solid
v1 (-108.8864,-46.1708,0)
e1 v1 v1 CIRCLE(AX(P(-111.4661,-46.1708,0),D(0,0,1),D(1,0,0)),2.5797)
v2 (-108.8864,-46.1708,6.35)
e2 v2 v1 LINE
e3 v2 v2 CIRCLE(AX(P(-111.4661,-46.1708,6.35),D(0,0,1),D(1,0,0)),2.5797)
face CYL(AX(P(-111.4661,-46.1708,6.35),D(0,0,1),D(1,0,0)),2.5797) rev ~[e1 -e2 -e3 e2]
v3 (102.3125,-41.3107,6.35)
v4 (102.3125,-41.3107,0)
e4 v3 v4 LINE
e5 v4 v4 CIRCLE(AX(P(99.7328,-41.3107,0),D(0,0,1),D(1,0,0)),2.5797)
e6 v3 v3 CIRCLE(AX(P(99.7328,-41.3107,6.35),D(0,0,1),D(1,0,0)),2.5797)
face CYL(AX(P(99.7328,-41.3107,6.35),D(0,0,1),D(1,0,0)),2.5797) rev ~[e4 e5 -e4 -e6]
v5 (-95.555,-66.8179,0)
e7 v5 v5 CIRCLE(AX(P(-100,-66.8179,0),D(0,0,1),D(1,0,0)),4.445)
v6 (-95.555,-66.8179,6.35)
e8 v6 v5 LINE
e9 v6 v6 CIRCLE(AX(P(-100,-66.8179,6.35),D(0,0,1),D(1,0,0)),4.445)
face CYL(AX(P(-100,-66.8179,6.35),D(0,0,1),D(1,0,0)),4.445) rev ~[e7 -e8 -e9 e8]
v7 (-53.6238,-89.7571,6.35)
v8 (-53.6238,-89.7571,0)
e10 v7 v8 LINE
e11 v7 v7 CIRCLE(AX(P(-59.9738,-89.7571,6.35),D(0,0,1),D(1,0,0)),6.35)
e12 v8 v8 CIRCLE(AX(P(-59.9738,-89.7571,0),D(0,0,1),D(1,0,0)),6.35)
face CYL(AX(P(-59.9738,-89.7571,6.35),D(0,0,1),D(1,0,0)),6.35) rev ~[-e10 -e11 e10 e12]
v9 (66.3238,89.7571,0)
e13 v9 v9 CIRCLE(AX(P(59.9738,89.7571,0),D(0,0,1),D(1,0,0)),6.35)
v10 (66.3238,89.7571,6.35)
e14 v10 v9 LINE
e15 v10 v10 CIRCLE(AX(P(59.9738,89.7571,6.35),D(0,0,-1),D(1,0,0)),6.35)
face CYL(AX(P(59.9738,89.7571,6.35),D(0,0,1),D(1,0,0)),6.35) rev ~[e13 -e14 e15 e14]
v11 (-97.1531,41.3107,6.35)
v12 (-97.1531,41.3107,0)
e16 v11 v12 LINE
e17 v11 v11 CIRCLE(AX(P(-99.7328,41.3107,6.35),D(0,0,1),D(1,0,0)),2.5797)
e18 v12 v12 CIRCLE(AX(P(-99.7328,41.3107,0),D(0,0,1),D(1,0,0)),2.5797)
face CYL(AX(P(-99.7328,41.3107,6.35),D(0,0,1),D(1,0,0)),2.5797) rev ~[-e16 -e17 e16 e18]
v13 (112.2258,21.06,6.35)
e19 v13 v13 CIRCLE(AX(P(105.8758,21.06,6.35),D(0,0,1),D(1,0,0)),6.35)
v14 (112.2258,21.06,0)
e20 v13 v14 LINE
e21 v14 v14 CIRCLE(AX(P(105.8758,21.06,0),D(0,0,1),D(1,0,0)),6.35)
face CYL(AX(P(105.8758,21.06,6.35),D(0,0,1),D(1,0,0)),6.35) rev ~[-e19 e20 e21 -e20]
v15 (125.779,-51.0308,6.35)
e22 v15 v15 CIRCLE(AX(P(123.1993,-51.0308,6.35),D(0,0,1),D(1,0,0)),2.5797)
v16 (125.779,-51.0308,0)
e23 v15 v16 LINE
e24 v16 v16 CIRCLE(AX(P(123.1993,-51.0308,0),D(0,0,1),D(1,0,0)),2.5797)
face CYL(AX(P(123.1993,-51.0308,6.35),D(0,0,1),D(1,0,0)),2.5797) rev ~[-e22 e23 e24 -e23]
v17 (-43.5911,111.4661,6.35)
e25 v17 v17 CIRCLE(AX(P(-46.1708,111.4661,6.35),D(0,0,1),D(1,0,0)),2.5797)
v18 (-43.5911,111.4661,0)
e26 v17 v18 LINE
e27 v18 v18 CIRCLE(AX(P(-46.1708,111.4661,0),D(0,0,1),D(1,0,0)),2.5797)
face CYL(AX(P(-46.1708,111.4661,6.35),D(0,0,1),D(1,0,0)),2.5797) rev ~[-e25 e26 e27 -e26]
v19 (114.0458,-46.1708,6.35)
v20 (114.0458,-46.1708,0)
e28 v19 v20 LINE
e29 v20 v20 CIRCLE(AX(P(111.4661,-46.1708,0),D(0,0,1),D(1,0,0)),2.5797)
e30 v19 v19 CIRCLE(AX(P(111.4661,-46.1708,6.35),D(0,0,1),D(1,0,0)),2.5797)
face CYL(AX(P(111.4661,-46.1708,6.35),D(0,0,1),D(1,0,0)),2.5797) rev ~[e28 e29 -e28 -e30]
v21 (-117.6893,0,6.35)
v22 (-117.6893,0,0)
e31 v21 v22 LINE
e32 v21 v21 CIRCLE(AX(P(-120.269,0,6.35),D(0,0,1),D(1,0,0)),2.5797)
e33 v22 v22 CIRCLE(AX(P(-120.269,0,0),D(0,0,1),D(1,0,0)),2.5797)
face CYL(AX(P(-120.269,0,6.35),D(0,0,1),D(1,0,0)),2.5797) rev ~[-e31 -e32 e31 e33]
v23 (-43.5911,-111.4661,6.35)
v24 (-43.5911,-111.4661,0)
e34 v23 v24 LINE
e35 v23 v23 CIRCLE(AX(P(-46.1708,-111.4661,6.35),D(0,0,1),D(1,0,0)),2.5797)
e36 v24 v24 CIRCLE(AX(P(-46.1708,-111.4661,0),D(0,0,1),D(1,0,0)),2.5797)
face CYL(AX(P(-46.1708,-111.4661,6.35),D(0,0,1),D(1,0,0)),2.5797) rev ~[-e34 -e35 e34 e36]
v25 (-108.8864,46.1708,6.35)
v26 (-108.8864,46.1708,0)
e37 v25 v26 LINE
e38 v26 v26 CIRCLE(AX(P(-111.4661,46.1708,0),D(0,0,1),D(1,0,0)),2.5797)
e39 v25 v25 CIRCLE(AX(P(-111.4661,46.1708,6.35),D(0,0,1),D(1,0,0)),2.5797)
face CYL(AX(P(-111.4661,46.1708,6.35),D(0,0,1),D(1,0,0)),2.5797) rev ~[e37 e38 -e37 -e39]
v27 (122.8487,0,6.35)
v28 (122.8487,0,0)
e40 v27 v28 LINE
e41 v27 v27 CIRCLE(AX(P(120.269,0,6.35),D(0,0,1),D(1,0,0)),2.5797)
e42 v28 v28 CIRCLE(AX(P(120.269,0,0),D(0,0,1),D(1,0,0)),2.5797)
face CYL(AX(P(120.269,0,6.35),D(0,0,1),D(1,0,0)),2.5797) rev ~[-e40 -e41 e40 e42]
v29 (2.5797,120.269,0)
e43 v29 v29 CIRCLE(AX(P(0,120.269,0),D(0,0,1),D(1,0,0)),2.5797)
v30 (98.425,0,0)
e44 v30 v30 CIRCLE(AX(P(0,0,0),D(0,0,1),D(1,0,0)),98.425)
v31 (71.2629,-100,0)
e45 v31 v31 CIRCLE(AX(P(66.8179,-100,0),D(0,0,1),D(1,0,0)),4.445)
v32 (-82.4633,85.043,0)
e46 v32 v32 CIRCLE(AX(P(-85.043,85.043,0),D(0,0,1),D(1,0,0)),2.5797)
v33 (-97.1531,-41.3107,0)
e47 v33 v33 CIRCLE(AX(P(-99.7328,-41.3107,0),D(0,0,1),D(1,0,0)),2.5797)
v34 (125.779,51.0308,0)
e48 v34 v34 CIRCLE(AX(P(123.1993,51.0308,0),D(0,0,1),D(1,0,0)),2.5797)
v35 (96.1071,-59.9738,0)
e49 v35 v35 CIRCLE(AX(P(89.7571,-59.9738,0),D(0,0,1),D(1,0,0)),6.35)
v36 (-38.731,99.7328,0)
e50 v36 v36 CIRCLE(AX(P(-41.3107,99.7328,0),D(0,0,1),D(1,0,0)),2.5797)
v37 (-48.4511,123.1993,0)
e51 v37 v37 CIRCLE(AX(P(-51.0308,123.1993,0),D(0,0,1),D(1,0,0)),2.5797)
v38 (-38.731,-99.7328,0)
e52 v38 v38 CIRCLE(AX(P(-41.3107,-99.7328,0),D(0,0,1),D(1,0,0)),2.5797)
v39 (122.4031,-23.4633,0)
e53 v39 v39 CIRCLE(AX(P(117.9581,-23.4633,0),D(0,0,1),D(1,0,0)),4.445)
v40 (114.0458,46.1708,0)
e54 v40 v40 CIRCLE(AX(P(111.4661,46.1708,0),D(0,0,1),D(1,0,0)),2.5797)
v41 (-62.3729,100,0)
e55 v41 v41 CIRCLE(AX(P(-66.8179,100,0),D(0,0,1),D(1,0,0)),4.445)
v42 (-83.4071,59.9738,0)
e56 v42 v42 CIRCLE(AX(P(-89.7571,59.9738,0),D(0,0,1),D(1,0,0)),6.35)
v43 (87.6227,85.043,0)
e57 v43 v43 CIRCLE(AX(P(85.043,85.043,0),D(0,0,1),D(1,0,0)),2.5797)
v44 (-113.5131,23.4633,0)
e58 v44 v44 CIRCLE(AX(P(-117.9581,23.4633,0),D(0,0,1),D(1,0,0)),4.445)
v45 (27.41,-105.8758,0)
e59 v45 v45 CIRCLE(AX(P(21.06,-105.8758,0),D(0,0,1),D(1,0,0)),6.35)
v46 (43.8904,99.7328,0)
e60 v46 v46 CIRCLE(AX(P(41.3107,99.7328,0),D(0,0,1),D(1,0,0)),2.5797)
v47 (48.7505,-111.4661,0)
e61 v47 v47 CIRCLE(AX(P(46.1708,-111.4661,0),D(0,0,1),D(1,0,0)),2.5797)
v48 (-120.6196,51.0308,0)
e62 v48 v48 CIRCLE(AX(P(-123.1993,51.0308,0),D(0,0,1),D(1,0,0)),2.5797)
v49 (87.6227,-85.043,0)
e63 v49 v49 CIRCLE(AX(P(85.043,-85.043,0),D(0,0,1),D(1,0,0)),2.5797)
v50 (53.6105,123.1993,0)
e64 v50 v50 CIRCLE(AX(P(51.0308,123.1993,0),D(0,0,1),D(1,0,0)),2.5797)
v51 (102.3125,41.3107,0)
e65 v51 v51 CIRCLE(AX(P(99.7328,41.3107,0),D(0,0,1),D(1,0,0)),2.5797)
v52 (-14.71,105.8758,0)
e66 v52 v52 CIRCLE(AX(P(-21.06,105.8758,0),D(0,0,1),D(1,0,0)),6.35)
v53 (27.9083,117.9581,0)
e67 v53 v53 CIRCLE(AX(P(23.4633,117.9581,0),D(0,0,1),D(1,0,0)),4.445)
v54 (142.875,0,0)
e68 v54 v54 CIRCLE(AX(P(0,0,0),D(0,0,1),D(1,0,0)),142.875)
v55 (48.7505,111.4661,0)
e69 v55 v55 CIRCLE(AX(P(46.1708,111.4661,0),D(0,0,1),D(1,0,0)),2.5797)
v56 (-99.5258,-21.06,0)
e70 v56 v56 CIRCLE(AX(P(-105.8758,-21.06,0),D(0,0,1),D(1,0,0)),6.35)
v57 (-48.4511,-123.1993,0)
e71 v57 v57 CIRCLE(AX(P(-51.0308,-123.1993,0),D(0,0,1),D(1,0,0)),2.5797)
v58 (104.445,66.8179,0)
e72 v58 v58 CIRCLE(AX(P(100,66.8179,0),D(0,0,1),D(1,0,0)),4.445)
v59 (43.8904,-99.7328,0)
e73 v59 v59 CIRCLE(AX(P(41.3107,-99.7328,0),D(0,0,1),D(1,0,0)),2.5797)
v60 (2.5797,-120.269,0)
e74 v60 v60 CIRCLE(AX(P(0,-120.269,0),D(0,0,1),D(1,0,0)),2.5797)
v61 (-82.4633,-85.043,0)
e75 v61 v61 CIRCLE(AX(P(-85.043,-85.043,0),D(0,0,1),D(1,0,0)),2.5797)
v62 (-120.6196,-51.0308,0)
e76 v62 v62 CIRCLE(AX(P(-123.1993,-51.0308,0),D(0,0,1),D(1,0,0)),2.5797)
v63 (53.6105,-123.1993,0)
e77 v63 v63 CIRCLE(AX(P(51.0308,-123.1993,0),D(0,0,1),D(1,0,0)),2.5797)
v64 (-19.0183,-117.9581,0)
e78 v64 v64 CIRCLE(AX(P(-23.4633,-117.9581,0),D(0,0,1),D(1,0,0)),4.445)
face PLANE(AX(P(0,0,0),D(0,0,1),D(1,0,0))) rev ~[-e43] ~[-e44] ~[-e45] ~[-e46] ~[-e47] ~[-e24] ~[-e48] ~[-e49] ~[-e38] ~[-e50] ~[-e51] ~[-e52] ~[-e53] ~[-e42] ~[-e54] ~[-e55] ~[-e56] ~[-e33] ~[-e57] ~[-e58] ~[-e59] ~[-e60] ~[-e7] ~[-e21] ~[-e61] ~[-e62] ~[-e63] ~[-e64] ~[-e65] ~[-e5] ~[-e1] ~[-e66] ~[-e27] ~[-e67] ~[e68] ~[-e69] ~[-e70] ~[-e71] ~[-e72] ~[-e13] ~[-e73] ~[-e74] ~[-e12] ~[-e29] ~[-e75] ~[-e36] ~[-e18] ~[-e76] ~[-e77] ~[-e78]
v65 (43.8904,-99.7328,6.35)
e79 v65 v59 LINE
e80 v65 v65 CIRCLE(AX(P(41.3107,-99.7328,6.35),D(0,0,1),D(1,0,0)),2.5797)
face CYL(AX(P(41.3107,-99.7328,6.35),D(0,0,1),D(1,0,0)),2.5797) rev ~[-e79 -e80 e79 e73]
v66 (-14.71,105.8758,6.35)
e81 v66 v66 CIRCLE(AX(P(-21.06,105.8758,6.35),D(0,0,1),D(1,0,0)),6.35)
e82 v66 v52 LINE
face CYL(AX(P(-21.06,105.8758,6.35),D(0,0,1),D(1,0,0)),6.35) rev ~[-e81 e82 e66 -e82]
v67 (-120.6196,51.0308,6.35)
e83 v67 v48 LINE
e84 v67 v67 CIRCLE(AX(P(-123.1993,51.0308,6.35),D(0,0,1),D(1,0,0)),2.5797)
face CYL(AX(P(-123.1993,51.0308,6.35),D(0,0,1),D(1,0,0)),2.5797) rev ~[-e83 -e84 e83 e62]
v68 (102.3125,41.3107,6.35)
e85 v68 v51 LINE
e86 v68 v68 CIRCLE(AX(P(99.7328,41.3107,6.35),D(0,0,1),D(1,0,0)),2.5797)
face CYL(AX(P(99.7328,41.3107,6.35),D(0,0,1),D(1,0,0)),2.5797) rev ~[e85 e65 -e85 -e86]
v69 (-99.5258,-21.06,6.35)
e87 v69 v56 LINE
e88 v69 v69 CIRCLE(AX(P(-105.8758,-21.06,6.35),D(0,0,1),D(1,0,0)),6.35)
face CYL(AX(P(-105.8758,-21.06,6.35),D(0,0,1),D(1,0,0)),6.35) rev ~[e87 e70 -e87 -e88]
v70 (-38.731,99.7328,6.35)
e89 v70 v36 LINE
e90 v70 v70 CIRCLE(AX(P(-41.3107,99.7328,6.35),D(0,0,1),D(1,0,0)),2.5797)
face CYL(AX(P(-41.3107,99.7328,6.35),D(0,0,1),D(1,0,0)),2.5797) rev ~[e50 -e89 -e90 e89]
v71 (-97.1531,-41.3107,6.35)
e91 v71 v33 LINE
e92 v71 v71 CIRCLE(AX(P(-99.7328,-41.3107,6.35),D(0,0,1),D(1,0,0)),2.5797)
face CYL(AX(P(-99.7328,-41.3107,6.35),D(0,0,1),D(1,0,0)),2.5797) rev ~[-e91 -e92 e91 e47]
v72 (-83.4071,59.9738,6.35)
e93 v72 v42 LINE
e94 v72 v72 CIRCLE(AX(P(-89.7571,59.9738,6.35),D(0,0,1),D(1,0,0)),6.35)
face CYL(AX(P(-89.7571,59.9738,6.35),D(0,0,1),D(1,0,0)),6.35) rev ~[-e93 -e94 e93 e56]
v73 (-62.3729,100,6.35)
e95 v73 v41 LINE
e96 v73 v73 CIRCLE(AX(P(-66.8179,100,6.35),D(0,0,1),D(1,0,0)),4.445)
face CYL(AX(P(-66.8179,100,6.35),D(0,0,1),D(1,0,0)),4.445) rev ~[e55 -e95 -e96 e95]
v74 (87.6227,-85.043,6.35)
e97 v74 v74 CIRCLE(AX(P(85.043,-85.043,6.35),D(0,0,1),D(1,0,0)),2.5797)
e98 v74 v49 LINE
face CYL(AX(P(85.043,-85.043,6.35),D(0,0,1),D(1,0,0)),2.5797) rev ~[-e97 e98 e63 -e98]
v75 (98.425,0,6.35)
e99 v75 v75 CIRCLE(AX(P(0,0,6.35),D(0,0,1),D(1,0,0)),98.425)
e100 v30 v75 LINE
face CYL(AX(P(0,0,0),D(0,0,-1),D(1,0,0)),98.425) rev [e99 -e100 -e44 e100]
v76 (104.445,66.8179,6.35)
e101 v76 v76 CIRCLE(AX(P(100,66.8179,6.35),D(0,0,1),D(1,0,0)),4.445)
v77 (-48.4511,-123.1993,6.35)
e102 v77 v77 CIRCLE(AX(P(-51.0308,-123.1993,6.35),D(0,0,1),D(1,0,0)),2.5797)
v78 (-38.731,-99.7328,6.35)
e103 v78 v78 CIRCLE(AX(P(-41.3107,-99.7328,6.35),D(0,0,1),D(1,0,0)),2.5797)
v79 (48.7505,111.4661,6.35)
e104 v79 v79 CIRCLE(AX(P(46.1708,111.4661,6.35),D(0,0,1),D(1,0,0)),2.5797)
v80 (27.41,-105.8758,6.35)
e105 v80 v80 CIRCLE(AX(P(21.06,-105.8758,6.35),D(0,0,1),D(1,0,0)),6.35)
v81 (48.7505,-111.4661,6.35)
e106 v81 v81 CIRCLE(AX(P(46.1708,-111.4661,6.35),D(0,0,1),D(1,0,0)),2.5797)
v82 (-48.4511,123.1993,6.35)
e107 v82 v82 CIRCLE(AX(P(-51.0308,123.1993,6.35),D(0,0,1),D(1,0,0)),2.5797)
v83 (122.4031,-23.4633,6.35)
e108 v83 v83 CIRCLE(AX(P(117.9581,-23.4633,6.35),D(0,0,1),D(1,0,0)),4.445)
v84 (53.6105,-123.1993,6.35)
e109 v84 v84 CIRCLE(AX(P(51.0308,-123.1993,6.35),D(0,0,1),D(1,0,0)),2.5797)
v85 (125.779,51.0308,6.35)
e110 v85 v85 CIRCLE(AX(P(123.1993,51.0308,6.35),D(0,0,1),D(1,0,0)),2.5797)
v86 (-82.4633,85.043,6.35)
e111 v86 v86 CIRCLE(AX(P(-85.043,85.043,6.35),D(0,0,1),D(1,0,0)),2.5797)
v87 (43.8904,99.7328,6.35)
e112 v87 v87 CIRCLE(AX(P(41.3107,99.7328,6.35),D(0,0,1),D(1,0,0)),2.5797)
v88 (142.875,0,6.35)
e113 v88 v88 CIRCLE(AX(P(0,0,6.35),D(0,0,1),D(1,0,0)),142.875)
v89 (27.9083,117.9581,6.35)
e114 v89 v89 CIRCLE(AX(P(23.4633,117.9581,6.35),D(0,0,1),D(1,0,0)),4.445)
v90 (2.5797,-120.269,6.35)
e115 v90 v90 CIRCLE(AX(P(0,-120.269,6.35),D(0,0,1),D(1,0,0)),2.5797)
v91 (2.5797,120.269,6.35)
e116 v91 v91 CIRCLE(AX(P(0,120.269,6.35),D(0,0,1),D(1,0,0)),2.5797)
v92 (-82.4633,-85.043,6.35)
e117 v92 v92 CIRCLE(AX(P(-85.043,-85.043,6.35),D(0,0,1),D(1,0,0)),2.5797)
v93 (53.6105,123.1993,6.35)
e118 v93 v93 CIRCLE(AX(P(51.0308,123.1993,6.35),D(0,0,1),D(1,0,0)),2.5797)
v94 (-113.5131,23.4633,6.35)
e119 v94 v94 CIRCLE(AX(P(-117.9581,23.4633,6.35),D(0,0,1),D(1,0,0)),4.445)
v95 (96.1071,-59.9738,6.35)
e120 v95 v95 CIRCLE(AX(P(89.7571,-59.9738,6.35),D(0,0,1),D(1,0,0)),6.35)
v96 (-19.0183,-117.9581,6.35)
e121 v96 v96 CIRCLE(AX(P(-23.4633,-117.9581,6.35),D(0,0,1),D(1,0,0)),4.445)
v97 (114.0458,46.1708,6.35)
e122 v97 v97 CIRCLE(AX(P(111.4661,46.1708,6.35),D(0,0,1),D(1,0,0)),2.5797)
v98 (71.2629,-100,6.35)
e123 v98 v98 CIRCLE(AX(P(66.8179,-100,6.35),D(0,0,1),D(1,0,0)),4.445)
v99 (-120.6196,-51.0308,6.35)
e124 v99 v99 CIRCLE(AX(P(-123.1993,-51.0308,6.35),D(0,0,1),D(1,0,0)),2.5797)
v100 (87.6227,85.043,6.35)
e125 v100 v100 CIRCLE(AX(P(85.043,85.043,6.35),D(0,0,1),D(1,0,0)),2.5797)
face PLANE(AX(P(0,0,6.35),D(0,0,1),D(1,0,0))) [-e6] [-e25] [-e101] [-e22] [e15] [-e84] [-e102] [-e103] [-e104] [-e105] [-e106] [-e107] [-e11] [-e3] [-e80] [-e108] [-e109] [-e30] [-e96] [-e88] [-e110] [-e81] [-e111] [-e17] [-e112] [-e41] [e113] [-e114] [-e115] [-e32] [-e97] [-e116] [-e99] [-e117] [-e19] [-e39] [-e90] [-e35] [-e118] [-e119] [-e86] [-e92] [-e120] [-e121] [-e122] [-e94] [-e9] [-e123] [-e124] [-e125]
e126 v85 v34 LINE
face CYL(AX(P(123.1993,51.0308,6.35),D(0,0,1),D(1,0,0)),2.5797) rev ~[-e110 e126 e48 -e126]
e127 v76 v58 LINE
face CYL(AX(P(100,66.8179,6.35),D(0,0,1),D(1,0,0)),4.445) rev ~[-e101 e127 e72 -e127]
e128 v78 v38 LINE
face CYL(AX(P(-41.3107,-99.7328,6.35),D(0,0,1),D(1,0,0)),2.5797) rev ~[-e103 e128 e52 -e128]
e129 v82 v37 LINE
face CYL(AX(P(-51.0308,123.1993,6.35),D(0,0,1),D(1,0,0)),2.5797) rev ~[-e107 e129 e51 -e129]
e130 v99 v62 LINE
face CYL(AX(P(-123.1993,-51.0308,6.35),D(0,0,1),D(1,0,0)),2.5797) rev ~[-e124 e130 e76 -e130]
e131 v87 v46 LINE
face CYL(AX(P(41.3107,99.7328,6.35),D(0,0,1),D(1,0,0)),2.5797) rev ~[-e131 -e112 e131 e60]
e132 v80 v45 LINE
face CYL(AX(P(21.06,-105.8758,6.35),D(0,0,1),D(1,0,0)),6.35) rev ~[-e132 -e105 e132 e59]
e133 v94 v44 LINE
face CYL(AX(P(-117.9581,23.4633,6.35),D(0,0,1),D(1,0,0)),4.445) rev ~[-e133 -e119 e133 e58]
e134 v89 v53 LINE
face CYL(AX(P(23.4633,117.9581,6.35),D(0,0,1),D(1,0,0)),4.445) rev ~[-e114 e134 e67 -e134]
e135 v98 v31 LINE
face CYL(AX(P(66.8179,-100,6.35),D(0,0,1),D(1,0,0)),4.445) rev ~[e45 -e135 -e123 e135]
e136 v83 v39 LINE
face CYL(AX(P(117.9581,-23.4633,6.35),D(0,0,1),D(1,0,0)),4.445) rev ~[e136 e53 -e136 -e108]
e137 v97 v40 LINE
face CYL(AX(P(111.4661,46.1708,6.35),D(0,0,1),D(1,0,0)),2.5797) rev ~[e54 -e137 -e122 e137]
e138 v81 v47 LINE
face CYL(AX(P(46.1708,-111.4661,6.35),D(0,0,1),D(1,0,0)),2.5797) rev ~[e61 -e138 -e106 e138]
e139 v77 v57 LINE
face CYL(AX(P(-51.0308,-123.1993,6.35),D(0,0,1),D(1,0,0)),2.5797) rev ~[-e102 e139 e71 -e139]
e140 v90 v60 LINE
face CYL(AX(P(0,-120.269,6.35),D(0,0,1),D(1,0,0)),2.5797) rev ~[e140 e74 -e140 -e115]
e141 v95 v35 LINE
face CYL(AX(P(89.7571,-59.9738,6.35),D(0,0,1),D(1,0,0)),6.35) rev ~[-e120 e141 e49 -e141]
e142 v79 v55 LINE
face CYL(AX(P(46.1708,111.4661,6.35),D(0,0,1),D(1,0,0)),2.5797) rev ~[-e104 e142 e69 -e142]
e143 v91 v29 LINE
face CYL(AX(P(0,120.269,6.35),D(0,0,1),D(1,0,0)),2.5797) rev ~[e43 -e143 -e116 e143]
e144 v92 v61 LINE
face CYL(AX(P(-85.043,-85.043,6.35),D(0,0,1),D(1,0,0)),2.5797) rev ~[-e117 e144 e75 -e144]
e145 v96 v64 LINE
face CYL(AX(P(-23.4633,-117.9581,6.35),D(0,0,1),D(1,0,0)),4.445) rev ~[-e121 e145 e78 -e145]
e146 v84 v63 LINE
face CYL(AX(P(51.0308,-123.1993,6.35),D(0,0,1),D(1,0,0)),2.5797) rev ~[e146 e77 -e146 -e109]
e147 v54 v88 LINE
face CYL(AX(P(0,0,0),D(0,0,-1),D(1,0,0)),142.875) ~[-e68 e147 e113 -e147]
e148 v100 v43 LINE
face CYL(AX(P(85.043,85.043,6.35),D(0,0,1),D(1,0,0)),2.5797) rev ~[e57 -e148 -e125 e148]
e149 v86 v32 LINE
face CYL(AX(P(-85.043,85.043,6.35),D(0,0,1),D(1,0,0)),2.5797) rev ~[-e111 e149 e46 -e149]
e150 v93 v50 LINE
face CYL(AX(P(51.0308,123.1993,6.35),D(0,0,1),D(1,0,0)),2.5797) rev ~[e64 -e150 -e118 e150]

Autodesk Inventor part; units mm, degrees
ref_plane "YZ Plane" through (0, 0, 0) normal (1, 0, 0) x (0, 1, 0)
ref_plane "XZ Plane" through (0, 0, 0) normal (0, 1, 0) x (-1, 0, 0)
ref_plane "XY Plane" through (0, 0, 0) normal (0, 0, 1) x (1, 0, 0)
sketch "Sketch1" plane through (0, 0, 0) normal (0, 0, 1) x (1, 0, 0)
  circle A0 centre (0, 0) radius 98.425
  circle A1 centre (0, 0) radius 142.875
  dimension "d0" = 196.85
  dimension "d1" = 44.45
extrude "Extrusion1" add sketch "Sketch1" along normal blind 6.35
sketch "Sketch2" plane through (0, 0, 6.35) normal (0, 0, 1) x (1, 0, 0)
  circle A0 centre (0, 120.269) radius 2.5797
  line L0 (0, 120.269) -> (0, 0) construction
  line L1 (0, 0) -> (23.4633, 117.9581) construction
  line L2 (0, 0) -> (51.0308, 123.1993) construction
  line L3 (0, 0) -> (63.5017, 95.037) construction
  circle A1 centre (23.4633, 117.9581) radius 4.445
  circle A2 centre (-85.043, 85.043) radius 2.5797
  circle A3 centre (-66.8179, 100) radius 4.445
  circle A4 centre (-120.269, 0) radius 2.5797
  circle A5 centre (-117.9581, 23.4633) radius 4.445
  circle A6 centre (-85.043, -85.043) radius 2.5797
  circle A7 centre (-100, -66.8179) radius 4.445
  circle A8 centre (0, -120.269) radius 2.5797
  circle A9 centre (-23.4633, -117.9581) radius 4.445
  circle A10 centre (85.043, -85.043) radius 2.5797
  circle A11 centre (66.8179, -100) radius 4.445
  circle A12 centre (120.269, 0) radius 2.5797
  circle A13 centre (117.9581, -23.4633) radius 4.445
  circle A14 centre (85.043, 85.043) radius 2.5797
  circle A15 centre (100, 66.8179) radius 4.445
  circle A16 centre (51.0308, 123.1993) radius 2.5797
  circle A17 centre (46.1708, 111.4661) radius 2.5797
  circle A18 centre (41.3107, 99.7328) radius 2.5797
  circle A19 centre (59.9738, 89.7571) radius 6.35
  line L4 (59.9738, 89.7571) -> (0, 0)
  circle A20 centre (-21.06, 105.8758) radius 6.35
  circle A21 centre (-89.7571, 59.9738) radius 6.35
  circle A22 centre (-105.8758, -21.06) radius 6.35
  circle A23 centre (-59.9738, -89.7571) radius 6.35
  circle A24 centre (21.06, -105.8758) radius 6.35
  circle A25 centre (89.7571, -59.9738) radius 6.35
  circle A26 centre (105.8758, 21.06) radius 6.35
  circle A27 centre (-41.3107, 99.7328) radius 2.5797
  circle A28 centre (-46.1708, 111.4661) radius 2.5797
  circle A29 centre (-51.0308, 123.1993) radius 2.5797
  circle A30 centre (-99.7328, 41.3107) radius 2.5797
  circle A31 centre (-111.4661, 46.1708) radius 2.5797
  circle A32 centre (-123.1993, 51.0308) radius 2.5797
  circle A33 centre (-99.7328, -41.3107) radius 2.5797
  circle A34 centre (-111.4661, -46.1708) radius 2.5797
  circle A35 centre (-123.1993, -51.0308) radius 2.5797
  circle A36 centre (-41.3107, -99.7328) radius 2.5797
  circle A37 centre (-46.1708, -111.4661) radius 2.5797
  circle A38 centre (-51.0308, -123.1993) radius 2.5797
  circle A39 centre (41.3107, -99.7328) radius 2.5797
  circle A40 centre (46.1708, -111.4661) radius 2.5797
  circle A41 centre (51.0308, -123.1993) radius 2.5797
  circle A42 centre (99.7328, -41.3107) radius 2.5797
  circle A43 centre (111.4661, -46.1708) radius 2.5797
  circle A44 centre (123.1993, -51.0308) radius 2.5797
  circle A45 centre (99.7328, 41.3107) radius 2.5797
  circle A46 centre (111.4661, 46.1708) radius 2.5797
  circle A47 centre (123.1993, 51.0308) radius 2.5797
  circle A48 centre (0, 133.35) radius 2.5797
  circle A49 centre (-94.2927, 94.2927) radius 2.5797
  circle A50 centre (-133.35, 0) radius 2.5797
  circle A51 centre (-94.2927, -94.2927) radius 2.5797
  circle A52 centre (0, -133.35) radius 2.5797
  circle A53 centre (94.2927, -94.2927) radius 2.5797
  circle A54 centre (133.35, 0) radius 2.5797
  circle A55 centre (94.2927, 94.2927) radius 2.5797
  dimension "d4" = 5.1594
  dimension "d5" = 120.269
  dimension "d6" = 11.25
  dimension "d7" = 22.5
  dimension "d8" = 33.75
  dimension "d9" = 8.89
  dimension "d12" = 360
  dimension "d14" = 133.35
  dimension "d17" = 12.7
  dimension "d22" = 114.3
  dimension "d36" = 12.7
  dimension "d37" = 107.95
  dimension "d38" = 33.75
  dimension "d41" = 360
  dimension "d45" = 360
  dimension "d47" = 133.35
  dimension "d50" = 360
extrude "Extrusion2" cut sketch "Sketch2" against normal blind 6.35 contours A0 | A1 | A2 | A3 | A4 | A5 | A6 | A7 | A8 | A9 | A10 | A11 | A12 | A13 | A14 | A15 | A16 | A17 | A18 | A19 | A20 | A21 | A22 | A23 | A24 | A25 | A26 | A27 | A28 | A29 | A30 | A31 | A32 | A33 | A34 | A35 | A36 | A37 | A38 | A39 | A40 | A41 | A42 | A43 | A44 | A45 | A46 | A47
equation "\"d38\" = d8"
equation "\"d47\" = d14"
properties part number "IntakeCCenterWheelInterposer"
